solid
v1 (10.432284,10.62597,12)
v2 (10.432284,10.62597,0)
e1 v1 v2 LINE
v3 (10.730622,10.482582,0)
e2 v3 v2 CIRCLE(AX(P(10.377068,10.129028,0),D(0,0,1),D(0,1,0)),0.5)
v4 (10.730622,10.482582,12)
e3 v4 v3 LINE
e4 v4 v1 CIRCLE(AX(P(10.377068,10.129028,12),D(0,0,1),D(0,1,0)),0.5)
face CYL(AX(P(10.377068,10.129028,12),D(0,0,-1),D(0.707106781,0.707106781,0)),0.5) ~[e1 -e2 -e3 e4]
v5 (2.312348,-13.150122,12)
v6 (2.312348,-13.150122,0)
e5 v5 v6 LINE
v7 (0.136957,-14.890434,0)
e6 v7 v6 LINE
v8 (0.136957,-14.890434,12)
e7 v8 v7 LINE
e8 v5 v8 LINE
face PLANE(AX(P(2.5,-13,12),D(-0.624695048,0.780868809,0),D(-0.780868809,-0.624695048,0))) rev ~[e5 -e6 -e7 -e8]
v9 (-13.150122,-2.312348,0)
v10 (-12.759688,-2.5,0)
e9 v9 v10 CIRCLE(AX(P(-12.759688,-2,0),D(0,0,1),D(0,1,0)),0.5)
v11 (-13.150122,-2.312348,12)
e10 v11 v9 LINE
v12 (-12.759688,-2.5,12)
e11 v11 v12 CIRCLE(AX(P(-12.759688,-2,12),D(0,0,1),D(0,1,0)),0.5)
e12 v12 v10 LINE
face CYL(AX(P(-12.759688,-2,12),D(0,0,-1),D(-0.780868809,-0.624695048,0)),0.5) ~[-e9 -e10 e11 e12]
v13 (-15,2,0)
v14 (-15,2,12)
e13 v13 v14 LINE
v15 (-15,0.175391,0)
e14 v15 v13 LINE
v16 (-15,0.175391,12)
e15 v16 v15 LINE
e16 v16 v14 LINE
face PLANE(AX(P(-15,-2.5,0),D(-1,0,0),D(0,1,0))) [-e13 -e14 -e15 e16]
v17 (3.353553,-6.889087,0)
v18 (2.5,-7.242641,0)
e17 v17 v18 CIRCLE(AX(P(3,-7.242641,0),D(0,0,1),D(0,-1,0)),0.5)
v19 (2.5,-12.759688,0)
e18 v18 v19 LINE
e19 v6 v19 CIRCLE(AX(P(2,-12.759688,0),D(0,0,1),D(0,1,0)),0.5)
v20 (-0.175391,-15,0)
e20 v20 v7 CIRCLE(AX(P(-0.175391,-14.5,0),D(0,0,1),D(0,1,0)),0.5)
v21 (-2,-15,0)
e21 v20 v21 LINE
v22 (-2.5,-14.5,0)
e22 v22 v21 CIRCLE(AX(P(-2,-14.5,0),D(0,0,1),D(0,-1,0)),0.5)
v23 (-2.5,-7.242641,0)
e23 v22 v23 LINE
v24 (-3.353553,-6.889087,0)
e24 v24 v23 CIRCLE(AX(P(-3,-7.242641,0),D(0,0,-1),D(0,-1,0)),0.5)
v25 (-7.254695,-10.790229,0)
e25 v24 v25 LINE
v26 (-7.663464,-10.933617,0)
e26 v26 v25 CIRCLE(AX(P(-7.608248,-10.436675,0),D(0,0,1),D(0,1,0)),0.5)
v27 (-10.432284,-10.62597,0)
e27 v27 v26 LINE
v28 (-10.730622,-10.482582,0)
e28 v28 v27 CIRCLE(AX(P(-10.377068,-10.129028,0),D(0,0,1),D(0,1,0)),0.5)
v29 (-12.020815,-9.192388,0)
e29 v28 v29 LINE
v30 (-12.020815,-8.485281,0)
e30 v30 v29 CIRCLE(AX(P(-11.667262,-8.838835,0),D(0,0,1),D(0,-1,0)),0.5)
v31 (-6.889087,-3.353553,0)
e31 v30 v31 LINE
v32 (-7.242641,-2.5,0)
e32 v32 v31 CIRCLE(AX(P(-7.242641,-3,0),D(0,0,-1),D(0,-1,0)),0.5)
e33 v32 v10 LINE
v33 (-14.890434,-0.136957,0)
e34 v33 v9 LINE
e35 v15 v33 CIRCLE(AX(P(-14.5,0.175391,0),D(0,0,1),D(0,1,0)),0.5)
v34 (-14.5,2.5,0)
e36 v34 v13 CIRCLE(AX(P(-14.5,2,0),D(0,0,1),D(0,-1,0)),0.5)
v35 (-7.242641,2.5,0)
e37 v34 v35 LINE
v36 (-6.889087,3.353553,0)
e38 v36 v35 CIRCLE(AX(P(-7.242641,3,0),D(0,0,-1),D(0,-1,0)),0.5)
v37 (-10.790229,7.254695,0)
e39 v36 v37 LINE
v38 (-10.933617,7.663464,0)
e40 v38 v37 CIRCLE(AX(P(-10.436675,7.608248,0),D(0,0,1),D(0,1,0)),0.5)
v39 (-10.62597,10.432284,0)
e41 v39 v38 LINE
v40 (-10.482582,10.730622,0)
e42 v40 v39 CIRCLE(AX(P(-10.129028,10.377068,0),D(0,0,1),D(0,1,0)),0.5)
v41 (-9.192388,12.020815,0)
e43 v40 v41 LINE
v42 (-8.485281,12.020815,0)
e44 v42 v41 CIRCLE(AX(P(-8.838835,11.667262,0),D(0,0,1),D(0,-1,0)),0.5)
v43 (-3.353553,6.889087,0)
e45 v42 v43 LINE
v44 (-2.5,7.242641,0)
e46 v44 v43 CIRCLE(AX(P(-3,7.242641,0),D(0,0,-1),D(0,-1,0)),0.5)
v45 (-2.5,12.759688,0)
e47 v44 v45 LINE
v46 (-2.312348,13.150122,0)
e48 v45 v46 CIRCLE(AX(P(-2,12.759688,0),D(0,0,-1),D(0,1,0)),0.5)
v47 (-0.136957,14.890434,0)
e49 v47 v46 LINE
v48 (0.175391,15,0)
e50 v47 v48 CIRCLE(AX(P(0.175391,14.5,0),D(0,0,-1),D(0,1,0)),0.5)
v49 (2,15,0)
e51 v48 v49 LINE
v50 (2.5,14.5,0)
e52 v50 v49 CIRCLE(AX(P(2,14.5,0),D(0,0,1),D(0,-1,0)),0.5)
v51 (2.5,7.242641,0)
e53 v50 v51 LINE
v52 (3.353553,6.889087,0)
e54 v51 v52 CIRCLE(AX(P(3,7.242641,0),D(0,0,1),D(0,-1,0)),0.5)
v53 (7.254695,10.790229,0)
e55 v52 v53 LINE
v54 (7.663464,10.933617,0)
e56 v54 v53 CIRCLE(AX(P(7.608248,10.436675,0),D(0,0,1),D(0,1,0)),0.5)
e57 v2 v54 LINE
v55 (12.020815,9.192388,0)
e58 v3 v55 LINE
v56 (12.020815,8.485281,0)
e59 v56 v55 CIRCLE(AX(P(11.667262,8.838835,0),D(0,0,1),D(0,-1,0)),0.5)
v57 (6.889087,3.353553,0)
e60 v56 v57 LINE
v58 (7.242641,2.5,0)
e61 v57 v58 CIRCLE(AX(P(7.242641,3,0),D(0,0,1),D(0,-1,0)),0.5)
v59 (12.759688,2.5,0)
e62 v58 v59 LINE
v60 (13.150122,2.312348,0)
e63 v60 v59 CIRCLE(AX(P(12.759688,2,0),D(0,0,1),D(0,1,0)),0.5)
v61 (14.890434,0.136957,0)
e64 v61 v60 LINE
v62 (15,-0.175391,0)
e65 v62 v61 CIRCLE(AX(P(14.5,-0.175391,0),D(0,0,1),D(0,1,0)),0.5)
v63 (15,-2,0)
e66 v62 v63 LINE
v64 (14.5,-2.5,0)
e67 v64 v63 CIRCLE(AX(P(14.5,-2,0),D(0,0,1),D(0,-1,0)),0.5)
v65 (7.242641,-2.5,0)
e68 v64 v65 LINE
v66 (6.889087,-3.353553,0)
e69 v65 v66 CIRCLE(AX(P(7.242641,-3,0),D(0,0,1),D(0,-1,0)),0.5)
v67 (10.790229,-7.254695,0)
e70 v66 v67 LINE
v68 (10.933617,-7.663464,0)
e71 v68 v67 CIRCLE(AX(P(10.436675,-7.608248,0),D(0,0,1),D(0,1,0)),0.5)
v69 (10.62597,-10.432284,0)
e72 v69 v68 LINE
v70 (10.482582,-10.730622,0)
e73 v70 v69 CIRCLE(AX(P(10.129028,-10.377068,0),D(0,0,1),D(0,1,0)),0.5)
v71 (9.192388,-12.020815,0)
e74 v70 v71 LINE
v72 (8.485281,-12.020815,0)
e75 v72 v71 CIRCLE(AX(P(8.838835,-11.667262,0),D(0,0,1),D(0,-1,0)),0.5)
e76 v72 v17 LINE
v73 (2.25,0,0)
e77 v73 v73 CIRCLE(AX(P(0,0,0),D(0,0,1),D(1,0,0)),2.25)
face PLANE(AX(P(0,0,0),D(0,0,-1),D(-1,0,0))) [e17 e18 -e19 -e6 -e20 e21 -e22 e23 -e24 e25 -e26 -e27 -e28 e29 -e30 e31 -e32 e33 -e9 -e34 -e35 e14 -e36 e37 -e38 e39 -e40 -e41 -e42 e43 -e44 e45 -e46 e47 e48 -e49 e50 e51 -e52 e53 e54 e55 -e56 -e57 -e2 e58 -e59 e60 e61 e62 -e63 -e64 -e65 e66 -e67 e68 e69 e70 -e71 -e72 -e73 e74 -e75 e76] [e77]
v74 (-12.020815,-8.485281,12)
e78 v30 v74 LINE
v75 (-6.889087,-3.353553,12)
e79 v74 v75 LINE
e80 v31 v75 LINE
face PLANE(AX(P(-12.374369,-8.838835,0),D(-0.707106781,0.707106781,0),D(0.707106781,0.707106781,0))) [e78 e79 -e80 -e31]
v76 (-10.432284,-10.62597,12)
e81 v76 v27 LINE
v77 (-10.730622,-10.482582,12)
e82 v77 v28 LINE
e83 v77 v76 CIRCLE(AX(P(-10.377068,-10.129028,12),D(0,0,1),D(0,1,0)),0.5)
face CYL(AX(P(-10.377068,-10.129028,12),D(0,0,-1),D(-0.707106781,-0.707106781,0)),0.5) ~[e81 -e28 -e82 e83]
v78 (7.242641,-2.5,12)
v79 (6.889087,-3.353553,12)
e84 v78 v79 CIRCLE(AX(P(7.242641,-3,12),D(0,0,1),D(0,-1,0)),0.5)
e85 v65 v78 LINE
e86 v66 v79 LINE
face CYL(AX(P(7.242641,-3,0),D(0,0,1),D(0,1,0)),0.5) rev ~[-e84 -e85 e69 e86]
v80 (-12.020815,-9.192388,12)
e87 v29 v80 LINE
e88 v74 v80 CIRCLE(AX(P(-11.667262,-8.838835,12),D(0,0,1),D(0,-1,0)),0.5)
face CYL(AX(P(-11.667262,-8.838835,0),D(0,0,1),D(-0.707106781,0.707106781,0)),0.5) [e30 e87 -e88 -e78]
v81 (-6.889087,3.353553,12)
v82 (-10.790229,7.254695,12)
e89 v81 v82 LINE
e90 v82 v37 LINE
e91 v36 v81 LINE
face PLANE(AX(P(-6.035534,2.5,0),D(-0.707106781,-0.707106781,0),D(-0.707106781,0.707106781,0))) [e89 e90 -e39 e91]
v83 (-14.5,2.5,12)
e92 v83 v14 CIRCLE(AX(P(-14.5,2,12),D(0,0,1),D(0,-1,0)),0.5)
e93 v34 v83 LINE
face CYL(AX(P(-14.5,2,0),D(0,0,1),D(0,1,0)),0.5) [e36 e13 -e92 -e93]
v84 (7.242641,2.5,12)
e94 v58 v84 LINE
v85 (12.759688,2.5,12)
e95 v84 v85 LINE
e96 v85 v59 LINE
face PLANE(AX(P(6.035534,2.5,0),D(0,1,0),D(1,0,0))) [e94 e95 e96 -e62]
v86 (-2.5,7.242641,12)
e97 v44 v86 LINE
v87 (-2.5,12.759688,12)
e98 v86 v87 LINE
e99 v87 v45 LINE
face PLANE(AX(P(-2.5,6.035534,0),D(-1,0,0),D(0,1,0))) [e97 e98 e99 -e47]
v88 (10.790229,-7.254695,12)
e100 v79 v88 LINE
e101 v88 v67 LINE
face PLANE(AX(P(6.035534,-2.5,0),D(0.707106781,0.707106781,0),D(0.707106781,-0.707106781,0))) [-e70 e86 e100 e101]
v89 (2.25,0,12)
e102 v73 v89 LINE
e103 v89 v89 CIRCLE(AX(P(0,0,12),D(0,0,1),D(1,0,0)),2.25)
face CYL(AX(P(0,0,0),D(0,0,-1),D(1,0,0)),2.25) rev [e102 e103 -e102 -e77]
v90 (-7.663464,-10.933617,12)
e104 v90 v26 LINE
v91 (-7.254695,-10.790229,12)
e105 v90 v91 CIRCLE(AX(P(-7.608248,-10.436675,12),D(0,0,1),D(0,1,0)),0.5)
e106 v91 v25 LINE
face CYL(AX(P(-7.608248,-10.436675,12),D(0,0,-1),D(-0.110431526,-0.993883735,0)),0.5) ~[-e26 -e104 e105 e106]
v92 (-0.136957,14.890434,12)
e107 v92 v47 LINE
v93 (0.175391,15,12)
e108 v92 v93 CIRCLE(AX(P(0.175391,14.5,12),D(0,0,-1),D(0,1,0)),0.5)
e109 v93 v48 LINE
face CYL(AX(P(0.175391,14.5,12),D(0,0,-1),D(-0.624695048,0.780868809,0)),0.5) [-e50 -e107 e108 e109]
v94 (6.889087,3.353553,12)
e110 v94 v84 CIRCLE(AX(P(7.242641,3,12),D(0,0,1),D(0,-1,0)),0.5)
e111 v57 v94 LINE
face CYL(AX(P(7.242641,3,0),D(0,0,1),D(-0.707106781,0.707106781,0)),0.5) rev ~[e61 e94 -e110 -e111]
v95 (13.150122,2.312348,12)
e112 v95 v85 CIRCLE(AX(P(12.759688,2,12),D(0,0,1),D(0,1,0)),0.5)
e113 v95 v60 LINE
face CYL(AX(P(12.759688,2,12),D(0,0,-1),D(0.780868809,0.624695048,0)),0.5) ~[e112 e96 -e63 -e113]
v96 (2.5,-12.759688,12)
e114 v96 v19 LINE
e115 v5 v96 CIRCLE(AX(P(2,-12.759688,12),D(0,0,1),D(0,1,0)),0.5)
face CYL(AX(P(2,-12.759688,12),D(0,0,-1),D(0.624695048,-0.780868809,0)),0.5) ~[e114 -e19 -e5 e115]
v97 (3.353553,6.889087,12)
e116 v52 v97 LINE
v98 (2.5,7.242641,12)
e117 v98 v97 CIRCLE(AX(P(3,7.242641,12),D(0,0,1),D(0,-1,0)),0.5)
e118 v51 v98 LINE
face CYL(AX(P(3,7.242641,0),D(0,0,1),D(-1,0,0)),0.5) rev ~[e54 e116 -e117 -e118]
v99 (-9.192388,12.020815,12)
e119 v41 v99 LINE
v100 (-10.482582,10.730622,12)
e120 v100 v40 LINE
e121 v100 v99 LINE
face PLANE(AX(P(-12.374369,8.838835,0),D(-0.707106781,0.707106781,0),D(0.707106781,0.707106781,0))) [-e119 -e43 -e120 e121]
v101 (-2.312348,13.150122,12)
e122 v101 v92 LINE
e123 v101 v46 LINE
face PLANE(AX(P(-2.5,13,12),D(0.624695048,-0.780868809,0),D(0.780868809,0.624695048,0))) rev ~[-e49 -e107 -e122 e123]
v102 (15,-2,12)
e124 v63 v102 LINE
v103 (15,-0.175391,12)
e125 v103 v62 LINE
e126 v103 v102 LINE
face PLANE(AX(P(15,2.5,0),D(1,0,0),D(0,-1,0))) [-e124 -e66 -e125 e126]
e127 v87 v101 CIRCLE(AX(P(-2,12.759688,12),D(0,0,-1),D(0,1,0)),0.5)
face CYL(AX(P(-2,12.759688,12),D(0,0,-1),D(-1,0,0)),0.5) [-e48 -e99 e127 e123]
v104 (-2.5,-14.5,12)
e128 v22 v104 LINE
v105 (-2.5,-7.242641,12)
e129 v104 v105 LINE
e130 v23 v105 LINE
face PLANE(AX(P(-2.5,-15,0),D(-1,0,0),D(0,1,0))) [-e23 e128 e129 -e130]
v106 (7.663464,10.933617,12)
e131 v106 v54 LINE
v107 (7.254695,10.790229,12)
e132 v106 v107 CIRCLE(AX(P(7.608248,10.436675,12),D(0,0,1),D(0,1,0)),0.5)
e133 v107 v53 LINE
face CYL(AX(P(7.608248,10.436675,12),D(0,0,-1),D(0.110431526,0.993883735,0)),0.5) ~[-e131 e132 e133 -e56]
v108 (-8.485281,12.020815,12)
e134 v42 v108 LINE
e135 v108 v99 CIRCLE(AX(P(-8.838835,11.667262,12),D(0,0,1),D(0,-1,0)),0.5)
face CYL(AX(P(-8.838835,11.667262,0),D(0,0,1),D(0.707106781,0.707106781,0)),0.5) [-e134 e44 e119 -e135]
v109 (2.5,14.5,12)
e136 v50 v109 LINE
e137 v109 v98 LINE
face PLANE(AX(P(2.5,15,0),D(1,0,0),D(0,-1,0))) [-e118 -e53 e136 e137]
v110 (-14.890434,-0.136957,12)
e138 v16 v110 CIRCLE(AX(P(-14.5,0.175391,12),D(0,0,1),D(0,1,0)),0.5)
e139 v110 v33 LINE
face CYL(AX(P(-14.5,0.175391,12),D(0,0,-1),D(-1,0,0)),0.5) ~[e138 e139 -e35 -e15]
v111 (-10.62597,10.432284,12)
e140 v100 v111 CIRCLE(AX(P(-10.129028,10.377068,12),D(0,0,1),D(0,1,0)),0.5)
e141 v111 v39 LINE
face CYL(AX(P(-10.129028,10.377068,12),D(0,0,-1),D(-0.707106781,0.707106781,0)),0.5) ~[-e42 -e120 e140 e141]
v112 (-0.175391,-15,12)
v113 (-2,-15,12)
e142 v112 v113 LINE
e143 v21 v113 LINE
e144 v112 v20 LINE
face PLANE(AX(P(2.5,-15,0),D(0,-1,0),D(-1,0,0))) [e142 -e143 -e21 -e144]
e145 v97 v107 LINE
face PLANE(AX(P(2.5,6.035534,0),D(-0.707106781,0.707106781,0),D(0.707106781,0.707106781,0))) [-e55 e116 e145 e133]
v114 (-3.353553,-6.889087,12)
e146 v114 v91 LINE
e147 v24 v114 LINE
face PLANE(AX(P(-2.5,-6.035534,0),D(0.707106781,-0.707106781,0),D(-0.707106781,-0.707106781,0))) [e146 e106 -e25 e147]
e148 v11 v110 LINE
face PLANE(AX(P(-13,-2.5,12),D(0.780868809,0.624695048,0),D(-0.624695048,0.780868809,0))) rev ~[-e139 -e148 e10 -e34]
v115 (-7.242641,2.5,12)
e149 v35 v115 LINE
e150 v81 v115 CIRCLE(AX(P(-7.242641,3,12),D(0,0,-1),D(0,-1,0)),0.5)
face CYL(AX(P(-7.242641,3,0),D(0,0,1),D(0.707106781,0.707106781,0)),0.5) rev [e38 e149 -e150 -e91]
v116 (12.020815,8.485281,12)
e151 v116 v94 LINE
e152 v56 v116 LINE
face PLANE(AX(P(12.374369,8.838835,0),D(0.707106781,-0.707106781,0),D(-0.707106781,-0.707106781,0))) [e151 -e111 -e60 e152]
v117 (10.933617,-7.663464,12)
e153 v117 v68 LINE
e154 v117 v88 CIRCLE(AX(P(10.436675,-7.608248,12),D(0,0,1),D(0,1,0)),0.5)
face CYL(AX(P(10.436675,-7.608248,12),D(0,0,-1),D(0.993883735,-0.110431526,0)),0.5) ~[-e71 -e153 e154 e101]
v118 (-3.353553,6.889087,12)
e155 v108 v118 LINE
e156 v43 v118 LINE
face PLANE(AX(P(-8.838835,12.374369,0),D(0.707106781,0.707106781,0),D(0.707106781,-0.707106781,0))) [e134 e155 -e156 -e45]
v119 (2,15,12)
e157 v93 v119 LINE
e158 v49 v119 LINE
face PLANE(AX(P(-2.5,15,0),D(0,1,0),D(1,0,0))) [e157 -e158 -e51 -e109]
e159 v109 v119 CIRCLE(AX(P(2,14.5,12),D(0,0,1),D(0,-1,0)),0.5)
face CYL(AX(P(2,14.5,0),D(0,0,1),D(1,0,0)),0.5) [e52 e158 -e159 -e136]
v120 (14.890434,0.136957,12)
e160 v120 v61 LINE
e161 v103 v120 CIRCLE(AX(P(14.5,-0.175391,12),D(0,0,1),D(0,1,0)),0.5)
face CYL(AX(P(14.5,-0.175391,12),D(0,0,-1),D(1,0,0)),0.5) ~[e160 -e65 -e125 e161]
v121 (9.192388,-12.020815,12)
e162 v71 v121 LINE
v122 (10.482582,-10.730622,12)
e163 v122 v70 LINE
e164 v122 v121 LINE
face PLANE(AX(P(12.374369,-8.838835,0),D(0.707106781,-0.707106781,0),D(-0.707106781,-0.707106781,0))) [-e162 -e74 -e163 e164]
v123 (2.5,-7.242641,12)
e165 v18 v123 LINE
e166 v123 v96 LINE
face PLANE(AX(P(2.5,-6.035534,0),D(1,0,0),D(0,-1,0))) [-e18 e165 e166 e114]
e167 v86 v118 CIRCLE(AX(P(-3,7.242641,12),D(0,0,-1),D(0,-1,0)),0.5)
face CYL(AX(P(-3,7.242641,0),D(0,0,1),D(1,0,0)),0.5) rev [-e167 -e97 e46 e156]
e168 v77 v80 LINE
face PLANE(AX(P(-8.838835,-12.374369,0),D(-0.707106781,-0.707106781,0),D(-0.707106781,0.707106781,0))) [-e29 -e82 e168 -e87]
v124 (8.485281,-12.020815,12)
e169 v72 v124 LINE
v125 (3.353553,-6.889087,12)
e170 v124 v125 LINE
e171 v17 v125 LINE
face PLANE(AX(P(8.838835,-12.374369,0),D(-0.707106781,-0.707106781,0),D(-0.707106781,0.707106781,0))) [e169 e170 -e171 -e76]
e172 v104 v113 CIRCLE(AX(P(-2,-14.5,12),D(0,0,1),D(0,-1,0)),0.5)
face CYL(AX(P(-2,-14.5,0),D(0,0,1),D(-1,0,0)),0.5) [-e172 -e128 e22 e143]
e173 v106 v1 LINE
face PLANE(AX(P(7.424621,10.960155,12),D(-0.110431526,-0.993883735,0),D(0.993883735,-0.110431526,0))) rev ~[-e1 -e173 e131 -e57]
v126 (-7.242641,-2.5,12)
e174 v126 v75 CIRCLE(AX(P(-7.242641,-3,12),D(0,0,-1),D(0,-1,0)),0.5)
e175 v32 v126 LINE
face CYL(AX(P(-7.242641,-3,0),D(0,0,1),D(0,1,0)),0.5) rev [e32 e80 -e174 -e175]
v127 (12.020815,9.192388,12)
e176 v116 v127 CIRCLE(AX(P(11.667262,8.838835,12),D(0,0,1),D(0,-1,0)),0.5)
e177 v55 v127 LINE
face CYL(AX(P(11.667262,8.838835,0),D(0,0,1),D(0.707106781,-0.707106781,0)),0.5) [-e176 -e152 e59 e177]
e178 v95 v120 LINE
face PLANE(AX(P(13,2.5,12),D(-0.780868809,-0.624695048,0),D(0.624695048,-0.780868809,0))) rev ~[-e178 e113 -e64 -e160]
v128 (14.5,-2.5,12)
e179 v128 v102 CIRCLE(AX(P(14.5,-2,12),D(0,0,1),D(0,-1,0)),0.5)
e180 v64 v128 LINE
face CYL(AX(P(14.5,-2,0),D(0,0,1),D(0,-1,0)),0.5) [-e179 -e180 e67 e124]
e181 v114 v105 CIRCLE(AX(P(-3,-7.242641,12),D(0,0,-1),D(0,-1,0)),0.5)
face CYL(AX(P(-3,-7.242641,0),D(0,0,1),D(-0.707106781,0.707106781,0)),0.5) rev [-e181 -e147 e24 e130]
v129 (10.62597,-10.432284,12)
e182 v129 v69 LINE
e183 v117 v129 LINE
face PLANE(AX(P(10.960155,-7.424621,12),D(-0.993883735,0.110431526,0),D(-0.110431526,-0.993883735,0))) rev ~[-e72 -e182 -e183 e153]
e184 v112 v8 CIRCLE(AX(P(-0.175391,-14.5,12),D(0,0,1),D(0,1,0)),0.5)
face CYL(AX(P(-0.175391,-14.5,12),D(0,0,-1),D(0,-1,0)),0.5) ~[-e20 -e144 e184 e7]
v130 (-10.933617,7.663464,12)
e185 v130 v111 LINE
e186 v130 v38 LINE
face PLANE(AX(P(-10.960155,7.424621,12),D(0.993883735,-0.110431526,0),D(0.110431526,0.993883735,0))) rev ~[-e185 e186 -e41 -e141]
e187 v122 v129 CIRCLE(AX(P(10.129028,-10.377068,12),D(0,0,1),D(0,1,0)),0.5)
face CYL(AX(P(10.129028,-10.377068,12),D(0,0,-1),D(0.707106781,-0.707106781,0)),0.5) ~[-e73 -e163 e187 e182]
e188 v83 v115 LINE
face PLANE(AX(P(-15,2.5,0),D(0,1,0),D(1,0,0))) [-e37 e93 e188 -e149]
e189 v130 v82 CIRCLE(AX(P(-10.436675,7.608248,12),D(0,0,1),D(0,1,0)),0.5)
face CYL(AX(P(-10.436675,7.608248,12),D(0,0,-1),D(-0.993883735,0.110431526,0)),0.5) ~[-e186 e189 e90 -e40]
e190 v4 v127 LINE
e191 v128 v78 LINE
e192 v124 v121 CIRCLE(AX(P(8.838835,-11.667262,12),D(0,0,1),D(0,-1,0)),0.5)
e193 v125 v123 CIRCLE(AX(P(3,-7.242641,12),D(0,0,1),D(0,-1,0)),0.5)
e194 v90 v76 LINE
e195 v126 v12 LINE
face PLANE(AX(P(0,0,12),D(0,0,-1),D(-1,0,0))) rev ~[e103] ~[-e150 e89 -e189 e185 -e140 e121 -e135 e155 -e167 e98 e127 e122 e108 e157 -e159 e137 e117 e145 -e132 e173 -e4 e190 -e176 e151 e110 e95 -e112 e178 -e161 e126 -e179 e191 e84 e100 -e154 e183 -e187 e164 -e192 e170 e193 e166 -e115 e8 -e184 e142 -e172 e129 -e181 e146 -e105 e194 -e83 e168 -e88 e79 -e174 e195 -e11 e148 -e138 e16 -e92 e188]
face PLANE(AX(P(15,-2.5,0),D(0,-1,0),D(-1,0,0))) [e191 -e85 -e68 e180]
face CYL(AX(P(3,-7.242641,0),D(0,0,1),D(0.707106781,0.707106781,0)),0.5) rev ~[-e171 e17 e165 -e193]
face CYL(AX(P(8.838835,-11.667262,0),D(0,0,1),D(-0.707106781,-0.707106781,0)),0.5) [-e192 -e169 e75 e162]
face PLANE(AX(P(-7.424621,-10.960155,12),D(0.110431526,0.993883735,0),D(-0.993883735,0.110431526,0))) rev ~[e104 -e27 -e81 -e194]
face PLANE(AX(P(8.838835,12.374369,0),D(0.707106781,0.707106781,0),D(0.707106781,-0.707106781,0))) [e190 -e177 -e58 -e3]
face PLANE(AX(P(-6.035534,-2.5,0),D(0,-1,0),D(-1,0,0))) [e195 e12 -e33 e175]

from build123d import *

# Parameters (mm, degrees)
SKETCH3_R           = 2.25
BOSS_EXTRUDE1_DEPTH = 12
INNER_EDGES_R       = 0.5
CUT_EXTRUDE2_DEPTH  = 13
OUTER_EDGES_R       = 0.5


with BuildPart() as part:
    # Sketch3 → Boss-Extrude1 (new body)
    with BuildSketch(Plane.XY):
        Polygon((-2.5, 15), (2.5, 15), (2.5, 6.035533906), (8.838834765, 12.374368671), (12.374368671, 8.838834765), (6.035533906, 2.5), (15, 2.5), (15, -2.5), (6.035533906, -2.5), (12.374368671, -8.838834765), (8.838834765, -12.374368671), (2.5, -6.035533906), (2.5, -15), (-2.5, -15), (-2.5, -6.035533906), (-8.838834765, -12.374368671), (-12.374368671, -8.838834765), (-6.035533906, -2.5), (-15, -2.5), (-15, 2.5), (-6.035533906, 2.5), (-12.374368671, 8.838834765), (-8.838834765, 12.374368671), (-2.5, 6.035533906), align=None)
        Circle(SKETCH3_R, mode=Mode.SUBTRACT)
    extrude(amount=BOSS_EXTRUDE1_DEPTH)

    # Inner Edges
    inner_edges_edges = [part.edges().sort_by_distance(p)[0] for p in [
        (6.035533906, 2.5, 6),
        (6.035533906, -2.5, 6),
        (2.5, -6.035533906, 6),
        (-2.5, -6.035533906, 6),
        (-6.035533906, -2.5, 6),
        (-6.035533906, 2.5, 6),
        (-2.5, 6.035533906, 6),
        (2.5, 6.035533906, 6),
    ]]
    fillet(inner_edges_edges, radius=INNER_EDGES_R)

    # Sketch4 → Cut-Extrude2 (cut, through all)
    with BuildSketch(Plane.XY.offset(12)):
        Polygon((10.960155108, -7.424621202), (10.606601718, -10.606601718), (12.374368671, -8.838834765), align=None)
        Polygon((13, 2.5), (15, 0), (15, 2.5), align=None)
        Polygon((8.838834765, 12.374368671), (7.424621202, 10.960155108), (10.606601718, 10.606601718), align=None)
        Polygon((-2.5, 13), (0, 15), (-2.5, 15), align=None)
        Polygon((-10.960155108, 7.424621202), (-10.606601718, 10.606601718), (-12.374368671, 8.838834765), align=None)
        Polygon((-13, -2.5), (-15, 0), (-15, -2.5), align=None)
        Polygon((-7.424621202, -10.960155108), (-10.606601718, -10.606601718), (-8.838834765, -12.374368671), align=None)
        Polygon((0, -15), (2.5, -15), (2.5, -13), align=None)
    extrude(amount=-CUT_EXTRUDE2_DEPTH, mode=Mode.SUBTRACT)

    # Outer Edges
    outer_edges_edges = [part.edges().sort_by_distance(p)[0] for p in [
        (13, 2.5, 6),
        (15, 0, 6),
        (10.606601718, 10.606601718, 6),
        (7.424621202, 10.960155108, 6),
        (-2.5, 13, 6),
        (0, 15, 6),
        (-10.960155108, 7.424621202, 6),
        (-10.606601718, 10.606601718, 6),
        (-13, -2.5, 6),
        (-15, 0, 6),
        (-10.606601718, -10.606601718, 6),
        (-7.424621202, -10.960155108, 6),
        (2.5, -13, 6),
        (0, -15, 6),
        (10.960155108, -7.424621202, 6),
        (10.606601718, -10.606601718, 6),
        (12.374368671, 8.838834765, 6),
        (15, -2.5, 6),
        (8.838834765, -12.374368671, 6),
        (-2.5, -15, 6),
        (-12.374368671, -8.838834765, 6),
        (-15, 2.5, 6),
        (-8.838834765, 12.374368671, 6),
        (2.5, 15, 6),
    ]]
    fillet(outer_edges_edges, radius=OUTER_EDGES_R)


solid = part.part
